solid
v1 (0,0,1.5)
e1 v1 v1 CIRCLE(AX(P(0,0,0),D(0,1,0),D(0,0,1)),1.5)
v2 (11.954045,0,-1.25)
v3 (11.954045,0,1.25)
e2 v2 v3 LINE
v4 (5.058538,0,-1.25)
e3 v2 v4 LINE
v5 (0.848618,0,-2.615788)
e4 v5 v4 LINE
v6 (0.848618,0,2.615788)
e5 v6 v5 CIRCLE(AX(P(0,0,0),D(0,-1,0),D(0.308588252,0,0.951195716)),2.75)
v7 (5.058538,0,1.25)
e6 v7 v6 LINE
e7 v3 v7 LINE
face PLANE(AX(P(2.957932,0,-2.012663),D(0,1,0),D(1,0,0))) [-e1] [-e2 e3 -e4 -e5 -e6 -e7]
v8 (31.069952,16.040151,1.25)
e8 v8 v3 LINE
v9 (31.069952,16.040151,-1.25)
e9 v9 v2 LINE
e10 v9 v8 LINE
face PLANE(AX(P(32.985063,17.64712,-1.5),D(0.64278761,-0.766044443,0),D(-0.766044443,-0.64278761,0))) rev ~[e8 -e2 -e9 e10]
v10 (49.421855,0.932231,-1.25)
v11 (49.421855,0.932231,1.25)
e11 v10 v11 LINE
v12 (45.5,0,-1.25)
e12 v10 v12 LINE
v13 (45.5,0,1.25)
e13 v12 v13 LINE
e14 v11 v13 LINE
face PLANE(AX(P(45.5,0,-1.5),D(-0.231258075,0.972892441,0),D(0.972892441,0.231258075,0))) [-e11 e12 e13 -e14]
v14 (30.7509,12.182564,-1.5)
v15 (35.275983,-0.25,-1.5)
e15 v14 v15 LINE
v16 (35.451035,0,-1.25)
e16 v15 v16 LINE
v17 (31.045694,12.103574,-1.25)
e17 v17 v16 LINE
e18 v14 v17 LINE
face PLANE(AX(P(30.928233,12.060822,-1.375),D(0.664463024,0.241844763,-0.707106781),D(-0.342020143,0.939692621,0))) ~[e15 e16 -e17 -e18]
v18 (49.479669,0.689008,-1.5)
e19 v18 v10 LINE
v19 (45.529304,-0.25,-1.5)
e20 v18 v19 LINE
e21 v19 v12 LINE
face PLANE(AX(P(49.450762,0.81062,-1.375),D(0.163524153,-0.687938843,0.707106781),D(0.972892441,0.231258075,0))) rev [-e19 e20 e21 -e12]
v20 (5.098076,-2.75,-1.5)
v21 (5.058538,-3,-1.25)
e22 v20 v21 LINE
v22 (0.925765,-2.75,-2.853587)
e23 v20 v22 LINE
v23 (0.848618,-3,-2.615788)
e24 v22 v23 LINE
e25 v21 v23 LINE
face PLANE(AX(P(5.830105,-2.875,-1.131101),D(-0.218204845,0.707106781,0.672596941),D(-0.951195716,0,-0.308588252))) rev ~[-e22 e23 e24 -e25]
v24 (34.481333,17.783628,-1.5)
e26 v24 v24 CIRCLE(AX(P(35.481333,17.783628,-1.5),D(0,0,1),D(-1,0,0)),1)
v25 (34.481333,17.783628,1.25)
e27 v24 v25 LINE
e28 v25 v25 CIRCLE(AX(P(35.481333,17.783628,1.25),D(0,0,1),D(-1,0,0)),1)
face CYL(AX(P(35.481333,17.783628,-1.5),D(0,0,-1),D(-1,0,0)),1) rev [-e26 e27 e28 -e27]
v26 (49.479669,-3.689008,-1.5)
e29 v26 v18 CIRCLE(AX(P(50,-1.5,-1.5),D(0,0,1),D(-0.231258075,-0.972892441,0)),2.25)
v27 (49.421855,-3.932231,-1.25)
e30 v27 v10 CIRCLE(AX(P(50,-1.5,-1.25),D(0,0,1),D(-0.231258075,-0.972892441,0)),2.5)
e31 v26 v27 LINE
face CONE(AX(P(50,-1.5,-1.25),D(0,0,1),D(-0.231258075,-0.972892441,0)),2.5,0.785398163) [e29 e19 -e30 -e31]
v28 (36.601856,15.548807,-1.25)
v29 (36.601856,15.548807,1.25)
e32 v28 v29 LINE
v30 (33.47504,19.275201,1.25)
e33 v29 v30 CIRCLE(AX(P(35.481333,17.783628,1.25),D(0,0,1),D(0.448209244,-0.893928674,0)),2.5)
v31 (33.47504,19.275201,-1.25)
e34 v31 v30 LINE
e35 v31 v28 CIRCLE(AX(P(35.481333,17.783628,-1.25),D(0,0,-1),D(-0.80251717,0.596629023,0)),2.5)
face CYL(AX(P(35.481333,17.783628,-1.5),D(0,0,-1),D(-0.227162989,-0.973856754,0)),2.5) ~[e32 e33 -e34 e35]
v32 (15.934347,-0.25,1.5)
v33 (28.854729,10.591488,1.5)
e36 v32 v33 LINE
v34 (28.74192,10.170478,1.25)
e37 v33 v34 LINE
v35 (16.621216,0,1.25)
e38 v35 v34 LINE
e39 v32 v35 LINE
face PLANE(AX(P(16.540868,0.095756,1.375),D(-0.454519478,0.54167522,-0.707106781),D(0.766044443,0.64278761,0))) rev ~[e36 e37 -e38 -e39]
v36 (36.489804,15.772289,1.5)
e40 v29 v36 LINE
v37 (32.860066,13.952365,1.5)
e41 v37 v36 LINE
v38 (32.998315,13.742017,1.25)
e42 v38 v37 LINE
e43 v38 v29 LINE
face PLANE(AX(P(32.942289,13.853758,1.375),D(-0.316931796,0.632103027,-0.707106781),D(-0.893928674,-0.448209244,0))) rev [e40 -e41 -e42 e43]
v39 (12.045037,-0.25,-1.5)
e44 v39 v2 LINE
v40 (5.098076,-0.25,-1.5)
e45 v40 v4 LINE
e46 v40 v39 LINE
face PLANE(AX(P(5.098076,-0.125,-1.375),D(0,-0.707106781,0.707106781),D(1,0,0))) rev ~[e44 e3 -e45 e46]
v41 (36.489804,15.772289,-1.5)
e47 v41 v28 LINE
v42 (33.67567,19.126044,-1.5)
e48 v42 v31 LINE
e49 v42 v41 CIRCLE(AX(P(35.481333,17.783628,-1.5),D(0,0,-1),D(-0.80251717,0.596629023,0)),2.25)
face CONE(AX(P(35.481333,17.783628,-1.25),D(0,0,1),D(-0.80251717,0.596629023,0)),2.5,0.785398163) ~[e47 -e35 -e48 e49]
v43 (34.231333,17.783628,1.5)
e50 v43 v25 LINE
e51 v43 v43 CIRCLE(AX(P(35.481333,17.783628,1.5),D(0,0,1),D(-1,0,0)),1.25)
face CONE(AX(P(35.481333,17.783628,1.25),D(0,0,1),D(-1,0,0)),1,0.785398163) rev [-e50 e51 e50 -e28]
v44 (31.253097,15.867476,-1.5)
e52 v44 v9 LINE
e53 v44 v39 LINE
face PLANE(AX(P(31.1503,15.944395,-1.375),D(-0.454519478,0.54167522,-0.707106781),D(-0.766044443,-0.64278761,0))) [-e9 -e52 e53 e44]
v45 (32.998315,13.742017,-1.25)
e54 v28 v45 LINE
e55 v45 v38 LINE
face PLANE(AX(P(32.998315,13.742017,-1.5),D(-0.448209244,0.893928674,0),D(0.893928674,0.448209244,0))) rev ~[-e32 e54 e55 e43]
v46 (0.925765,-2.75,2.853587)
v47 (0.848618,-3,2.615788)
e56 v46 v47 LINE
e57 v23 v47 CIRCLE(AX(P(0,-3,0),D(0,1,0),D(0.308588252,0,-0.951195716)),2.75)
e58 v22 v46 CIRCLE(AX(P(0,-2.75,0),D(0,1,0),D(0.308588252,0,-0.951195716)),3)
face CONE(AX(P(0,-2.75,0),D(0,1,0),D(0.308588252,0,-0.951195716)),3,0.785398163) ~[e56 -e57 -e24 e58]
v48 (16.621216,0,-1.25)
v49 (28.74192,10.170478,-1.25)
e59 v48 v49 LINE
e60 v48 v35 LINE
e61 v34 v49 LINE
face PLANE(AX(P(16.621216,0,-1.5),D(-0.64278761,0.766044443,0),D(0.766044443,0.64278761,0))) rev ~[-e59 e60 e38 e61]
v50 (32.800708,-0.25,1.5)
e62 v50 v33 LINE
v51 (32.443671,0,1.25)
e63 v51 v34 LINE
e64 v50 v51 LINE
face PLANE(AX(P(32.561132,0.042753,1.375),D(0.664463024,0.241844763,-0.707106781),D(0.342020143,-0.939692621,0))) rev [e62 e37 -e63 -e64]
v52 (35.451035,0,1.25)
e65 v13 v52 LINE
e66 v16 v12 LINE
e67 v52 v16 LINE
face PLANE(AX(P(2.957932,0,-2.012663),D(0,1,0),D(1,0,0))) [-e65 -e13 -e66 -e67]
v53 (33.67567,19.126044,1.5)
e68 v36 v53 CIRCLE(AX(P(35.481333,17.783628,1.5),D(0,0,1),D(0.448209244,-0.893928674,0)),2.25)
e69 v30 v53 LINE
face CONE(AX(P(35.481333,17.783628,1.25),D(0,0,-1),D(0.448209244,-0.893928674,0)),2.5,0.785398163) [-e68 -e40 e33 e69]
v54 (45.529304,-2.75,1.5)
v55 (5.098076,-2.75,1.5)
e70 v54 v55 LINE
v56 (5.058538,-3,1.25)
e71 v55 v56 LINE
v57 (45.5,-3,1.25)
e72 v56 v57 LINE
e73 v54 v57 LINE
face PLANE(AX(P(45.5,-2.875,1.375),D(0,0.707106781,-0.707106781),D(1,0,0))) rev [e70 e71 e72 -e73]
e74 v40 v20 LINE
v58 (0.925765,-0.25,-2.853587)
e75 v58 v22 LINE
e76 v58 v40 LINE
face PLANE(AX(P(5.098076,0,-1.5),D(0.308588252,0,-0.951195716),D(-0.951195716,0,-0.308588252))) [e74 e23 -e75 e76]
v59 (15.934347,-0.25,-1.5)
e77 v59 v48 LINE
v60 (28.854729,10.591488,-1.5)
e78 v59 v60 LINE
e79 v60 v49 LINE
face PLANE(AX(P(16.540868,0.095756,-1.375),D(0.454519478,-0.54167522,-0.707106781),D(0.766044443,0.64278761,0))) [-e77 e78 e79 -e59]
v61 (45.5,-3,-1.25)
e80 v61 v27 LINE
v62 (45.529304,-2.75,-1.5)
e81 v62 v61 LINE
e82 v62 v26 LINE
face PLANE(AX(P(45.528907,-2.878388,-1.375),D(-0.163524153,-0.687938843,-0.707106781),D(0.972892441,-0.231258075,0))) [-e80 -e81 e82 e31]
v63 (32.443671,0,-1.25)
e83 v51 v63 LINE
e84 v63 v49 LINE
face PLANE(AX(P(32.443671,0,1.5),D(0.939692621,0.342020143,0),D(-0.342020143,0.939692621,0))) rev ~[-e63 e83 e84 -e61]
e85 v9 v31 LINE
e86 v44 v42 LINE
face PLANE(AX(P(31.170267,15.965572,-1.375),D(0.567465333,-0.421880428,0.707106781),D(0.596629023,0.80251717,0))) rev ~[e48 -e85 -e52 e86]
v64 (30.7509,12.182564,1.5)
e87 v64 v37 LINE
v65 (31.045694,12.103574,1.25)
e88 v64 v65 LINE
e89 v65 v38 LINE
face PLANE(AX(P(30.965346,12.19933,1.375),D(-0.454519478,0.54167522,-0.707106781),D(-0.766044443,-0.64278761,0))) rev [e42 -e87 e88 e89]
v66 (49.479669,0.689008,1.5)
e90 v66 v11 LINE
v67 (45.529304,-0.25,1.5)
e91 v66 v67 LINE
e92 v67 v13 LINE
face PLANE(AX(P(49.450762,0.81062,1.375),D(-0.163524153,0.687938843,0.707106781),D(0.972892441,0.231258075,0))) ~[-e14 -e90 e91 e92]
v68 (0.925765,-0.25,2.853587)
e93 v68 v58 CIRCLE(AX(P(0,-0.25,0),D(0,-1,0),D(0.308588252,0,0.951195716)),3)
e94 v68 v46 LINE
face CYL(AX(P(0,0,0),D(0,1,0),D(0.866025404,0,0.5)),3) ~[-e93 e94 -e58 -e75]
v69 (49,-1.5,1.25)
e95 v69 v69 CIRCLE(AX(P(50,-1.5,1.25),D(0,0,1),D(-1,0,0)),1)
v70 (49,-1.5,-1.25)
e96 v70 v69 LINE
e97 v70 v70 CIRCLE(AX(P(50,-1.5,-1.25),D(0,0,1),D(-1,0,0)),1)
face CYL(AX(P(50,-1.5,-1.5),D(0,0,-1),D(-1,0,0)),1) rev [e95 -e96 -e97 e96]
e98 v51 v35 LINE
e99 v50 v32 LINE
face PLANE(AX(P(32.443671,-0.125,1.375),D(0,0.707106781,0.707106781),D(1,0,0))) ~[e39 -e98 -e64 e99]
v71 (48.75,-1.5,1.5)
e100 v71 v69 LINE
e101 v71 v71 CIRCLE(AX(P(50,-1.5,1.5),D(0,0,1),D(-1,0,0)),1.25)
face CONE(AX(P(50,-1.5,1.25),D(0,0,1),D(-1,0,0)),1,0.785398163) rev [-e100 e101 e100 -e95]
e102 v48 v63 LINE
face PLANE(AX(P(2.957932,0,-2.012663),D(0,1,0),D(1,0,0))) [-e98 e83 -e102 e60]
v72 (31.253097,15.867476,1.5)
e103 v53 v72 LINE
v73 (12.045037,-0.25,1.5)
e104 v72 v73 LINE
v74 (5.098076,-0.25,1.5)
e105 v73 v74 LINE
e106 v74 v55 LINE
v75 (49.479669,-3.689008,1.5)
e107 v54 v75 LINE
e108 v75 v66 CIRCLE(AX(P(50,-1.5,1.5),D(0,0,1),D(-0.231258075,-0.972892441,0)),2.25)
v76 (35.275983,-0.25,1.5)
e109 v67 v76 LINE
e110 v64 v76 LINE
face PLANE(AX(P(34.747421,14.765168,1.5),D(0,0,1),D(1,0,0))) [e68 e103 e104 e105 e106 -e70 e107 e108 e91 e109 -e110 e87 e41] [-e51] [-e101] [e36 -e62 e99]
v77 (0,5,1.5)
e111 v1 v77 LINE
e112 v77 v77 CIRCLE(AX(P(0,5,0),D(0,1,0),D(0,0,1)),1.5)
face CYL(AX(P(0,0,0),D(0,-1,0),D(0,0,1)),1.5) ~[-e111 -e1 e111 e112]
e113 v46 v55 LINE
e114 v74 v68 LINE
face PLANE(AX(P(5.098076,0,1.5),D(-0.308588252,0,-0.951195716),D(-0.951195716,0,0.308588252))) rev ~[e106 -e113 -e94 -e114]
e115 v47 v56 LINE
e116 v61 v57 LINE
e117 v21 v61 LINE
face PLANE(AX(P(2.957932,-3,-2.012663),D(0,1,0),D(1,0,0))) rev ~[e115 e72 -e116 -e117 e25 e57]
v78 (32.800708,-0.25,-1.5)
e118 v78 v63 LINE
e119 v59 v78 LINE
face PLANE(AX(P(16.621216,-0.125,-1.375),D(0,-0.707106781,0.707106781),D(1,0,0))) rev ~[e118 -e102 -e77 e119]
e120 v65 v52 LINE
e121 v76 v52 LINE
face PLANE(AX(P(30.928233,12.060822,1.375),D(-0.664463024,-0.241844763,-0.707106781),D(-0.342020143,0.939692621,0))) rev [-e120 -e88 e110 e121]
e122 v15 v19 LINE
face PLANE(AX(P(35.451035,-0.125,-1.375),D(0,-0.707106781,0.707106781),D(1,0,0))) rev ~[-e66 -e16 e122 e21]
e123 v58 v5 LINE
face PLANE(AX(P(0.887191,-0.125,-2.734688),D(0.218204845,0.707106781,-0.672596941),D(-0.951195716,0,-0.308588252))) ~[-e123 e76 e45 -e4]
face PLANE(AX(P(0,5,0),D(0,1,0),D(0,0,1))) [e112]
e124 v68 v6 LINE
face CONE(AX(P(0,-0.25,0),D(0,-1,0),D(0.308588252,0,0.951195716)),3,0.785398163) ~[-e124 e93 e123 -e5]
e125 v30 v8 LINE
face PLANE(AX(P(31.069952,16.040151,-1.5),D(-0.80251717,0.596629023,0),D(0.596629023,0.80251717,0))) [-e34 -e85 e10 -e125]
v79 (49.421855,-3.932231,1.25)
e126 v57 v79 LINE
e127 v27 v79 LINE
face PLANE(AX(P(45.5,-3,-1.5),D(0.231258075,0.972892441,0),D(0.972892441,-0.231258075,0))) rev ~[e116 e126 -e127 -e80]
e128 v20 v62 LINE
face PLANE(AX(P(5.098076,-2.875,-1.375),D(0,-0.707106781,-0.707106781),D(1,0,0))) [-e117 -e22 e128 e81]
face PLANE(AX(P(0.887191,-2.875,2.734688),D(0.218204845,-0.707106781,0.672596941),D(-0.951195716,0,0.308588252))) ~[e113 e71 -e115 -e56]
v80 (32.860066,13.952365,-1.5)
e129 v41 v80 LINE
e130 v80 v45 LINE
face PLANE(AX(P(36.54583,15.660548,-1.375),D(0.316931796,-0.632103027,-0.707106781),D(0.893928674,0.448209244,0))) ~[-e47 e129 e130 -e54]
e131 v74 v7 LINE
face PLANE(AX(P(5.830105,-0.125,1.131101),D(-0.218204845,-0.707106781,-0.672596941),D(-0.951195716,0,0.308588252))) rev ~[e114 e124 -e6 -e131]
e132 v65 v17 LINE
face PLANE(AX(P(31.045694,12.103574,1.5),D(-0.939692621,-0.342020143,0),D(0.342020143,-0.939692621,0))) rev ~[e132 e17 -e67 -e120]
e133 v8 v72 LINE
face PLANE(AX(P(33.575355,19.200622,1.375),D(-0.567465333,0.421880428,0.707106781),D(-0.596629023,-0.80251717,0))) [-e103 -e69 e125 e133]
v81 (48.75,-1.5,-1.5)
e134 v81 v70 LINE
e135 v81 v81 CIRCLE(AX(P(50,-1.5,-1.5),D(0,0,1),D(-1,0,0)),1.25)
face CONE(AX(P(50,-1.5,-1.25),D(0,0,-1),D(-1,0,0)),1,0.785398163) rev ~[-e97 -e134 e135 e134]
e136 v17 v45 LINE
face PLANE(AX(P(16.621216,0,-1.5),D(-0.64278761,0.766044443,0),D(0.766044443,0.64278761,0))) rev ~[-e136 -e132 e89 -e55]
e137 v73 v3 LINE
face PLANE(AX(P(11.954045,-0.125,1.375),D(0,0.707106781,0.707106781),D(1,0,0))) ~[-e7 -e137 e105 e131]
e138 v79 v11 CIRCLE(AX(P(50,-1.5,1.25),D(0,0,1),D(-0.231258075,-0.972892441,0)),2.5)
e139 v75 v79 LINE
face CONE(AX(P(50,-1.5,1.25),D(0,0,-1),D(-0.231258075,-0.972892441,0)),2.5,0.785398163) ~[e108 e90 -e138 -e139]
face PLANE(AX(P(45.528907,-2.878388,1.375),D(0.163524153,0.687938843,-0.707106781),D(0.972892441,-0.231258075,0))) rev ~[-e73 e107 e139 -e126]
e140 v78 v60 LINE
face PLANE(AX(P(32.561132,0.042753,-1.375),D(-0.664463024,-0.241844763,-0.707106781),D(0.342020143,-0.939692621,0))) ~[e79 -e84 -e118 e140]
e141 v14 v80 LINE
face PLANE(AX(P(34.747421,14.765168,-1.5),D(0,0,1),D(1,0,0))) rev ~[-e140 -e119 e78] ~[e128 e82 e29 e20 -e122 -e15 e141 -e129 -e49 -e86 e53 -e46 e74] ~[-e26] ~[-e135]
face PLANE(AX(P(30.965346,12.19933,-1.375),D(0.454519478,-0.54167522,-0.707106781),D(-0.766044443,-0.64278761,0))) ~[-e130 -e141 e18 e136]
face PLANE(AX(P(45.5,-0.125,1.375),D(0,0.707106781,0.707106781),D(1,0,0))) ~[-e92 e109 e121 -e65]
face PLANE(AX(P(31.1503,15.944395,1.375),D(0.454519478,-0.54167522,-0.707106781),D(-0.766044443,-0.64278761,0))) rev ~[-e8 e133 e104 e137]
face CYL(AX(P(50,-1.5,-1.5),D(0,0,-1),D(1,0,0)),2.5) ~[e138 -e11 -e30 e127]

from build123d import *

# Parameters (mm, degrees)
SKETCH_1_R          = 1.5
EXTRUDE_1_DEPTH     = 5
EXTRUDE_2_DEPTH     = 3
EXTRUDE_START       = -1.5
SKETCH_3_R          = 2.5
EXTRUDE_3_DEPTH     = 3
CUT_EXTRUDE_START   = -1.5
SKETCH_4_R          = 1
CUT_EXTRUDE_1_DEPTH = 3
EXTRUDE_4_DEPTH     = 3
EXTRUDE_5_DEPTH     = 3
SKETCH_9_R          = 1
EXTRUDE_6_DEPTH     = 3
EXTRUDE_7_DEPTH     = 3
EXTRUDE_START_2     = 1.5
EXTRUDE_8_DEPTH     = 3
CHAMFER_5_SIZE      = 0.25
CHAMFER_6_SIZE      = 0.25


with BuildPart() as part:
    # 草图1 → 凸台-拉伸1 (new body)
    with BuildSketch(Plane(origin=(0, 0, 0), x_dir=(1, 0, 0), z_dir=(0, 1, 0))):
        with Locations(Location((0, 0, 0), (0, 0, 270))):
            Circle(SKETCH_1_R)
    extrude(amount=EXTRUDE_1_DEPTH)

    # 草图2 → 凸台-拉伸2 (add)
    with BuildSketch(Plane(origin=(0, 0, 0), x_dir=(1, 0, 0), z_dir=(0, 1, 0))):
        with BuildLine():
            Line((50, 1.5), (50, -1.5))
            Line((50, -1.5), (2.598076211, -1.5))
            ThreePointArc((2.598076211, -1.5), (-3, 0), (2.598076211, 1.5))
            Line((2.598076211, 1.5), (50, 1.5))
        make_face()
    extrude(amount=-EXTRUDE_2_DEPTH)

    # 草图3 → 凸台-拉伸3 (add)
    with BuildSketch(Plane.XY.offset(EXTRUDE_START)):
        with Locations((50, -1.5)):
            Circle(SKETCH_3_R)
    extrude(amount=EXTRUDE_3_DEPTH)

    # 草图4 → 切除-拉伸1 (cut)
    with BuildSketch(Plane.XY.offset(CUT_EXTRUDE_START)):
        with Locations(Location((50, -1.5, 0), (0, 0, 180))):
            Circle(SKETCH_4_R)
    extrude(amount=CUT_EXTRUDE_1_DEPTH, mode=Mode.SUBTRACT)

    # 草图5 → 凸台-拉伸4 (add)
    with BuildSketch(Plane(origin=(0, 0, 0), x_dir=(1, 0, 0), z_dir=(0, 1, 0))):
        with BuildLine():
            Line((5.098076211, 1.5), (0.925764755, 2.853587149))
            ThreePointArc((0.925764755, 2.853587149), (1.88743565, 2.331863347), (2.598076211, 1.5))
            Line((2.598076211, 1.5), (5.098076211, 1.5))
        make_face()
        with BuildLine():
            Line((5.098076211, -1.5), (0.925764755, -2.853587149))
            ThreePointArc((0.925764755, -2.853587149), (1.88743565, -2.331863347), (2.598076211, -1.5))
            Line((2.598076211, -1.5), (5.098076211, -1.5))
        make_face()
    extrude(amount=-EXTRUDE_4_DEPTH)

    # 草图6 → 凸台-拉伸5 (add)
    with BuildSketch(Plane.XY.offset(EXTRUDE_START)):
        with BuildLine():
            Line((45.5, 0), (49.421854812, 0.932231104))
            ThreePointArc((49.421854812, 0.932231104), (48.629244055, 0.590700395), (48, 0))
            Line((48, 0), (45.5, 0))
        make_face()
        with BuildLine():
            Line((45.5, -3), (49.421854812, -3.932231104))
            ThreePointArc((49.421854812, -3.932231104), (48.629244055, -3.590700395), (48, -3))
            Line((48, -3), (45.5, -3))
        make_face()
    extrude(amount=EXTRUDE_5_DEPTH)

    # 草图9 → 凸台-拉伸6 (add)
    with BuildSketch(Plane.XY.offset(EXTRUDE_START)):
        with BuildLine():
            Line((16.621216129, 0), (34.913425822, 15.348986407))
            ThreePointArc((34.913425822, 15.348986407), (37.396444401, 19.390597315), (32.985062993, 17.647119736))
            Line((32.985062993, 17.647119736), (11.954044649, 0))
            Line((11.954044649, 0), (16.621216129, 0))
        make_face()
        with Locations(Location((35.481333294, 17.783628291, 0), (0, 0, 180))):
            Circle(SKETCH_9_R, mode=Mode.SUBTRACT)
    extrude(amount=EXTRUDE_6_DEPTH)

    # 草图10 → 凸台-拉伸7 (add)
    with BuildSketch(Plane.XY.offset(EXTRUDE_START)):
        with BuildLine():
            Line((32.998314714, 13.742017382), (36.601856403, 15.548806606))
            ThreePointArc((36.601856403, 15.548806606), (35.775149629, 15.300953934), (34.913425822, 15.348986407))
            Line((34.913425822, 15.348986407), (32.998314714, 13.742017382))
        make_face()
        with BuildLine():
            Line((31.069951885, 16.040150712), (33.475040368, 19.275200849))
            ThreePointArc((33.475040368, 19.275200849), (33.08739701, 18.504092773), (32.985062993, 17.647119736))
            Line((32.985062993, 17.647119736), (31.069951885, 16.040150712))
        make_face()
    extrude(amount=EXTRUDE_7_DEPTH)

    # 草图11 → 凸台-拉伸8 (add)
    with BuildSketch(Plane.XY.offset(EXTRUDE_START_2)):
        Polygon((31.045694114, 12.103574157), (35.451034835, 0), (32.443670675, 0), (28.741919511, 10.170477737), align=None)
    extrude(amount=-EXTRUDE_8_DEPTH)

    # 倒角5
    chamfer_5_edges = [part.edges().sort_by_distance(p)[0] for p in [
        (37.396444401, 19.390597315, 1.5),
        (32.272496126, 17.65767578, -1.5),
        (32.272496126, 17.65767578, 1.5),
        (22.68156782, 5.085238868, 1.5),
        (22.68156782, 5.085238868, -1.5),
        (40.475517418, 0, 1.5),
        (24.532443402, 0, -1.5),
        (30.592795093, 5.085238868, 1.5),
        (33.248364474, 6.051787078, 1.5),
        (30.592795093, 5.085238868, -1.5),
        (33.248364474, 6.051787078, -1.5),
        (51, -1.5, -1.5),
        (51, -1.5, 1.5),
        (8.52606043, 0, 1.5),
        (25.299038106, -3, 1.5),
        (25.299038106, -3, -1.5),
        (47.460927406, -3.466115552, -1.5),
        (47.460927406, -3.466115552, 1.5),
        (52.5, -1.5, -1.5),
        (52.5, -1.5, 1.5),
        (40.475517418, 0, -1.5),
        (47.460927406, 0.466115552, -1.5),
        (47.460927406, 0.466115552, 1.5),
        (8.52606043, 0, -1.5),
        (24.532443402, 0, 1.5),
        (21.511998267, 8.020075356, 1.5),
        (21.511998267, 8.020075356, -1.5),
        (36.481333294, 17.783628291, 1.5),
        (32.022004414, 12.92279577, 1.5),
        (32.022004414, 12.92279577, -1.5),
        (34.800085558, 14.645411994, -1.5),
        (34.800085558, 14.645411994, 1.5),
        (37.396444401, 19.390597315, -1.5),
    ]]
    chamfer(chamfer_5_edges, length=CHAMFER_5_SIZE)

    # 倒角6
    chamfer_6_edges = [part.edges().sort_by_distance(p)[0] for p in [
        (3.397221816, 0, -2.051793575),
        (3.397221816, 0, 2.051793575),
        (-3, 0, 0),
        (3.397221816, -3, -2.051793575),
        (3.397221816, -3, 2.051793575),
        (-3, -3, 0),
    ]]
    chamfer(chamfer_6_edges, length=CHAMFER_6_SIZE)


solid = part.part
